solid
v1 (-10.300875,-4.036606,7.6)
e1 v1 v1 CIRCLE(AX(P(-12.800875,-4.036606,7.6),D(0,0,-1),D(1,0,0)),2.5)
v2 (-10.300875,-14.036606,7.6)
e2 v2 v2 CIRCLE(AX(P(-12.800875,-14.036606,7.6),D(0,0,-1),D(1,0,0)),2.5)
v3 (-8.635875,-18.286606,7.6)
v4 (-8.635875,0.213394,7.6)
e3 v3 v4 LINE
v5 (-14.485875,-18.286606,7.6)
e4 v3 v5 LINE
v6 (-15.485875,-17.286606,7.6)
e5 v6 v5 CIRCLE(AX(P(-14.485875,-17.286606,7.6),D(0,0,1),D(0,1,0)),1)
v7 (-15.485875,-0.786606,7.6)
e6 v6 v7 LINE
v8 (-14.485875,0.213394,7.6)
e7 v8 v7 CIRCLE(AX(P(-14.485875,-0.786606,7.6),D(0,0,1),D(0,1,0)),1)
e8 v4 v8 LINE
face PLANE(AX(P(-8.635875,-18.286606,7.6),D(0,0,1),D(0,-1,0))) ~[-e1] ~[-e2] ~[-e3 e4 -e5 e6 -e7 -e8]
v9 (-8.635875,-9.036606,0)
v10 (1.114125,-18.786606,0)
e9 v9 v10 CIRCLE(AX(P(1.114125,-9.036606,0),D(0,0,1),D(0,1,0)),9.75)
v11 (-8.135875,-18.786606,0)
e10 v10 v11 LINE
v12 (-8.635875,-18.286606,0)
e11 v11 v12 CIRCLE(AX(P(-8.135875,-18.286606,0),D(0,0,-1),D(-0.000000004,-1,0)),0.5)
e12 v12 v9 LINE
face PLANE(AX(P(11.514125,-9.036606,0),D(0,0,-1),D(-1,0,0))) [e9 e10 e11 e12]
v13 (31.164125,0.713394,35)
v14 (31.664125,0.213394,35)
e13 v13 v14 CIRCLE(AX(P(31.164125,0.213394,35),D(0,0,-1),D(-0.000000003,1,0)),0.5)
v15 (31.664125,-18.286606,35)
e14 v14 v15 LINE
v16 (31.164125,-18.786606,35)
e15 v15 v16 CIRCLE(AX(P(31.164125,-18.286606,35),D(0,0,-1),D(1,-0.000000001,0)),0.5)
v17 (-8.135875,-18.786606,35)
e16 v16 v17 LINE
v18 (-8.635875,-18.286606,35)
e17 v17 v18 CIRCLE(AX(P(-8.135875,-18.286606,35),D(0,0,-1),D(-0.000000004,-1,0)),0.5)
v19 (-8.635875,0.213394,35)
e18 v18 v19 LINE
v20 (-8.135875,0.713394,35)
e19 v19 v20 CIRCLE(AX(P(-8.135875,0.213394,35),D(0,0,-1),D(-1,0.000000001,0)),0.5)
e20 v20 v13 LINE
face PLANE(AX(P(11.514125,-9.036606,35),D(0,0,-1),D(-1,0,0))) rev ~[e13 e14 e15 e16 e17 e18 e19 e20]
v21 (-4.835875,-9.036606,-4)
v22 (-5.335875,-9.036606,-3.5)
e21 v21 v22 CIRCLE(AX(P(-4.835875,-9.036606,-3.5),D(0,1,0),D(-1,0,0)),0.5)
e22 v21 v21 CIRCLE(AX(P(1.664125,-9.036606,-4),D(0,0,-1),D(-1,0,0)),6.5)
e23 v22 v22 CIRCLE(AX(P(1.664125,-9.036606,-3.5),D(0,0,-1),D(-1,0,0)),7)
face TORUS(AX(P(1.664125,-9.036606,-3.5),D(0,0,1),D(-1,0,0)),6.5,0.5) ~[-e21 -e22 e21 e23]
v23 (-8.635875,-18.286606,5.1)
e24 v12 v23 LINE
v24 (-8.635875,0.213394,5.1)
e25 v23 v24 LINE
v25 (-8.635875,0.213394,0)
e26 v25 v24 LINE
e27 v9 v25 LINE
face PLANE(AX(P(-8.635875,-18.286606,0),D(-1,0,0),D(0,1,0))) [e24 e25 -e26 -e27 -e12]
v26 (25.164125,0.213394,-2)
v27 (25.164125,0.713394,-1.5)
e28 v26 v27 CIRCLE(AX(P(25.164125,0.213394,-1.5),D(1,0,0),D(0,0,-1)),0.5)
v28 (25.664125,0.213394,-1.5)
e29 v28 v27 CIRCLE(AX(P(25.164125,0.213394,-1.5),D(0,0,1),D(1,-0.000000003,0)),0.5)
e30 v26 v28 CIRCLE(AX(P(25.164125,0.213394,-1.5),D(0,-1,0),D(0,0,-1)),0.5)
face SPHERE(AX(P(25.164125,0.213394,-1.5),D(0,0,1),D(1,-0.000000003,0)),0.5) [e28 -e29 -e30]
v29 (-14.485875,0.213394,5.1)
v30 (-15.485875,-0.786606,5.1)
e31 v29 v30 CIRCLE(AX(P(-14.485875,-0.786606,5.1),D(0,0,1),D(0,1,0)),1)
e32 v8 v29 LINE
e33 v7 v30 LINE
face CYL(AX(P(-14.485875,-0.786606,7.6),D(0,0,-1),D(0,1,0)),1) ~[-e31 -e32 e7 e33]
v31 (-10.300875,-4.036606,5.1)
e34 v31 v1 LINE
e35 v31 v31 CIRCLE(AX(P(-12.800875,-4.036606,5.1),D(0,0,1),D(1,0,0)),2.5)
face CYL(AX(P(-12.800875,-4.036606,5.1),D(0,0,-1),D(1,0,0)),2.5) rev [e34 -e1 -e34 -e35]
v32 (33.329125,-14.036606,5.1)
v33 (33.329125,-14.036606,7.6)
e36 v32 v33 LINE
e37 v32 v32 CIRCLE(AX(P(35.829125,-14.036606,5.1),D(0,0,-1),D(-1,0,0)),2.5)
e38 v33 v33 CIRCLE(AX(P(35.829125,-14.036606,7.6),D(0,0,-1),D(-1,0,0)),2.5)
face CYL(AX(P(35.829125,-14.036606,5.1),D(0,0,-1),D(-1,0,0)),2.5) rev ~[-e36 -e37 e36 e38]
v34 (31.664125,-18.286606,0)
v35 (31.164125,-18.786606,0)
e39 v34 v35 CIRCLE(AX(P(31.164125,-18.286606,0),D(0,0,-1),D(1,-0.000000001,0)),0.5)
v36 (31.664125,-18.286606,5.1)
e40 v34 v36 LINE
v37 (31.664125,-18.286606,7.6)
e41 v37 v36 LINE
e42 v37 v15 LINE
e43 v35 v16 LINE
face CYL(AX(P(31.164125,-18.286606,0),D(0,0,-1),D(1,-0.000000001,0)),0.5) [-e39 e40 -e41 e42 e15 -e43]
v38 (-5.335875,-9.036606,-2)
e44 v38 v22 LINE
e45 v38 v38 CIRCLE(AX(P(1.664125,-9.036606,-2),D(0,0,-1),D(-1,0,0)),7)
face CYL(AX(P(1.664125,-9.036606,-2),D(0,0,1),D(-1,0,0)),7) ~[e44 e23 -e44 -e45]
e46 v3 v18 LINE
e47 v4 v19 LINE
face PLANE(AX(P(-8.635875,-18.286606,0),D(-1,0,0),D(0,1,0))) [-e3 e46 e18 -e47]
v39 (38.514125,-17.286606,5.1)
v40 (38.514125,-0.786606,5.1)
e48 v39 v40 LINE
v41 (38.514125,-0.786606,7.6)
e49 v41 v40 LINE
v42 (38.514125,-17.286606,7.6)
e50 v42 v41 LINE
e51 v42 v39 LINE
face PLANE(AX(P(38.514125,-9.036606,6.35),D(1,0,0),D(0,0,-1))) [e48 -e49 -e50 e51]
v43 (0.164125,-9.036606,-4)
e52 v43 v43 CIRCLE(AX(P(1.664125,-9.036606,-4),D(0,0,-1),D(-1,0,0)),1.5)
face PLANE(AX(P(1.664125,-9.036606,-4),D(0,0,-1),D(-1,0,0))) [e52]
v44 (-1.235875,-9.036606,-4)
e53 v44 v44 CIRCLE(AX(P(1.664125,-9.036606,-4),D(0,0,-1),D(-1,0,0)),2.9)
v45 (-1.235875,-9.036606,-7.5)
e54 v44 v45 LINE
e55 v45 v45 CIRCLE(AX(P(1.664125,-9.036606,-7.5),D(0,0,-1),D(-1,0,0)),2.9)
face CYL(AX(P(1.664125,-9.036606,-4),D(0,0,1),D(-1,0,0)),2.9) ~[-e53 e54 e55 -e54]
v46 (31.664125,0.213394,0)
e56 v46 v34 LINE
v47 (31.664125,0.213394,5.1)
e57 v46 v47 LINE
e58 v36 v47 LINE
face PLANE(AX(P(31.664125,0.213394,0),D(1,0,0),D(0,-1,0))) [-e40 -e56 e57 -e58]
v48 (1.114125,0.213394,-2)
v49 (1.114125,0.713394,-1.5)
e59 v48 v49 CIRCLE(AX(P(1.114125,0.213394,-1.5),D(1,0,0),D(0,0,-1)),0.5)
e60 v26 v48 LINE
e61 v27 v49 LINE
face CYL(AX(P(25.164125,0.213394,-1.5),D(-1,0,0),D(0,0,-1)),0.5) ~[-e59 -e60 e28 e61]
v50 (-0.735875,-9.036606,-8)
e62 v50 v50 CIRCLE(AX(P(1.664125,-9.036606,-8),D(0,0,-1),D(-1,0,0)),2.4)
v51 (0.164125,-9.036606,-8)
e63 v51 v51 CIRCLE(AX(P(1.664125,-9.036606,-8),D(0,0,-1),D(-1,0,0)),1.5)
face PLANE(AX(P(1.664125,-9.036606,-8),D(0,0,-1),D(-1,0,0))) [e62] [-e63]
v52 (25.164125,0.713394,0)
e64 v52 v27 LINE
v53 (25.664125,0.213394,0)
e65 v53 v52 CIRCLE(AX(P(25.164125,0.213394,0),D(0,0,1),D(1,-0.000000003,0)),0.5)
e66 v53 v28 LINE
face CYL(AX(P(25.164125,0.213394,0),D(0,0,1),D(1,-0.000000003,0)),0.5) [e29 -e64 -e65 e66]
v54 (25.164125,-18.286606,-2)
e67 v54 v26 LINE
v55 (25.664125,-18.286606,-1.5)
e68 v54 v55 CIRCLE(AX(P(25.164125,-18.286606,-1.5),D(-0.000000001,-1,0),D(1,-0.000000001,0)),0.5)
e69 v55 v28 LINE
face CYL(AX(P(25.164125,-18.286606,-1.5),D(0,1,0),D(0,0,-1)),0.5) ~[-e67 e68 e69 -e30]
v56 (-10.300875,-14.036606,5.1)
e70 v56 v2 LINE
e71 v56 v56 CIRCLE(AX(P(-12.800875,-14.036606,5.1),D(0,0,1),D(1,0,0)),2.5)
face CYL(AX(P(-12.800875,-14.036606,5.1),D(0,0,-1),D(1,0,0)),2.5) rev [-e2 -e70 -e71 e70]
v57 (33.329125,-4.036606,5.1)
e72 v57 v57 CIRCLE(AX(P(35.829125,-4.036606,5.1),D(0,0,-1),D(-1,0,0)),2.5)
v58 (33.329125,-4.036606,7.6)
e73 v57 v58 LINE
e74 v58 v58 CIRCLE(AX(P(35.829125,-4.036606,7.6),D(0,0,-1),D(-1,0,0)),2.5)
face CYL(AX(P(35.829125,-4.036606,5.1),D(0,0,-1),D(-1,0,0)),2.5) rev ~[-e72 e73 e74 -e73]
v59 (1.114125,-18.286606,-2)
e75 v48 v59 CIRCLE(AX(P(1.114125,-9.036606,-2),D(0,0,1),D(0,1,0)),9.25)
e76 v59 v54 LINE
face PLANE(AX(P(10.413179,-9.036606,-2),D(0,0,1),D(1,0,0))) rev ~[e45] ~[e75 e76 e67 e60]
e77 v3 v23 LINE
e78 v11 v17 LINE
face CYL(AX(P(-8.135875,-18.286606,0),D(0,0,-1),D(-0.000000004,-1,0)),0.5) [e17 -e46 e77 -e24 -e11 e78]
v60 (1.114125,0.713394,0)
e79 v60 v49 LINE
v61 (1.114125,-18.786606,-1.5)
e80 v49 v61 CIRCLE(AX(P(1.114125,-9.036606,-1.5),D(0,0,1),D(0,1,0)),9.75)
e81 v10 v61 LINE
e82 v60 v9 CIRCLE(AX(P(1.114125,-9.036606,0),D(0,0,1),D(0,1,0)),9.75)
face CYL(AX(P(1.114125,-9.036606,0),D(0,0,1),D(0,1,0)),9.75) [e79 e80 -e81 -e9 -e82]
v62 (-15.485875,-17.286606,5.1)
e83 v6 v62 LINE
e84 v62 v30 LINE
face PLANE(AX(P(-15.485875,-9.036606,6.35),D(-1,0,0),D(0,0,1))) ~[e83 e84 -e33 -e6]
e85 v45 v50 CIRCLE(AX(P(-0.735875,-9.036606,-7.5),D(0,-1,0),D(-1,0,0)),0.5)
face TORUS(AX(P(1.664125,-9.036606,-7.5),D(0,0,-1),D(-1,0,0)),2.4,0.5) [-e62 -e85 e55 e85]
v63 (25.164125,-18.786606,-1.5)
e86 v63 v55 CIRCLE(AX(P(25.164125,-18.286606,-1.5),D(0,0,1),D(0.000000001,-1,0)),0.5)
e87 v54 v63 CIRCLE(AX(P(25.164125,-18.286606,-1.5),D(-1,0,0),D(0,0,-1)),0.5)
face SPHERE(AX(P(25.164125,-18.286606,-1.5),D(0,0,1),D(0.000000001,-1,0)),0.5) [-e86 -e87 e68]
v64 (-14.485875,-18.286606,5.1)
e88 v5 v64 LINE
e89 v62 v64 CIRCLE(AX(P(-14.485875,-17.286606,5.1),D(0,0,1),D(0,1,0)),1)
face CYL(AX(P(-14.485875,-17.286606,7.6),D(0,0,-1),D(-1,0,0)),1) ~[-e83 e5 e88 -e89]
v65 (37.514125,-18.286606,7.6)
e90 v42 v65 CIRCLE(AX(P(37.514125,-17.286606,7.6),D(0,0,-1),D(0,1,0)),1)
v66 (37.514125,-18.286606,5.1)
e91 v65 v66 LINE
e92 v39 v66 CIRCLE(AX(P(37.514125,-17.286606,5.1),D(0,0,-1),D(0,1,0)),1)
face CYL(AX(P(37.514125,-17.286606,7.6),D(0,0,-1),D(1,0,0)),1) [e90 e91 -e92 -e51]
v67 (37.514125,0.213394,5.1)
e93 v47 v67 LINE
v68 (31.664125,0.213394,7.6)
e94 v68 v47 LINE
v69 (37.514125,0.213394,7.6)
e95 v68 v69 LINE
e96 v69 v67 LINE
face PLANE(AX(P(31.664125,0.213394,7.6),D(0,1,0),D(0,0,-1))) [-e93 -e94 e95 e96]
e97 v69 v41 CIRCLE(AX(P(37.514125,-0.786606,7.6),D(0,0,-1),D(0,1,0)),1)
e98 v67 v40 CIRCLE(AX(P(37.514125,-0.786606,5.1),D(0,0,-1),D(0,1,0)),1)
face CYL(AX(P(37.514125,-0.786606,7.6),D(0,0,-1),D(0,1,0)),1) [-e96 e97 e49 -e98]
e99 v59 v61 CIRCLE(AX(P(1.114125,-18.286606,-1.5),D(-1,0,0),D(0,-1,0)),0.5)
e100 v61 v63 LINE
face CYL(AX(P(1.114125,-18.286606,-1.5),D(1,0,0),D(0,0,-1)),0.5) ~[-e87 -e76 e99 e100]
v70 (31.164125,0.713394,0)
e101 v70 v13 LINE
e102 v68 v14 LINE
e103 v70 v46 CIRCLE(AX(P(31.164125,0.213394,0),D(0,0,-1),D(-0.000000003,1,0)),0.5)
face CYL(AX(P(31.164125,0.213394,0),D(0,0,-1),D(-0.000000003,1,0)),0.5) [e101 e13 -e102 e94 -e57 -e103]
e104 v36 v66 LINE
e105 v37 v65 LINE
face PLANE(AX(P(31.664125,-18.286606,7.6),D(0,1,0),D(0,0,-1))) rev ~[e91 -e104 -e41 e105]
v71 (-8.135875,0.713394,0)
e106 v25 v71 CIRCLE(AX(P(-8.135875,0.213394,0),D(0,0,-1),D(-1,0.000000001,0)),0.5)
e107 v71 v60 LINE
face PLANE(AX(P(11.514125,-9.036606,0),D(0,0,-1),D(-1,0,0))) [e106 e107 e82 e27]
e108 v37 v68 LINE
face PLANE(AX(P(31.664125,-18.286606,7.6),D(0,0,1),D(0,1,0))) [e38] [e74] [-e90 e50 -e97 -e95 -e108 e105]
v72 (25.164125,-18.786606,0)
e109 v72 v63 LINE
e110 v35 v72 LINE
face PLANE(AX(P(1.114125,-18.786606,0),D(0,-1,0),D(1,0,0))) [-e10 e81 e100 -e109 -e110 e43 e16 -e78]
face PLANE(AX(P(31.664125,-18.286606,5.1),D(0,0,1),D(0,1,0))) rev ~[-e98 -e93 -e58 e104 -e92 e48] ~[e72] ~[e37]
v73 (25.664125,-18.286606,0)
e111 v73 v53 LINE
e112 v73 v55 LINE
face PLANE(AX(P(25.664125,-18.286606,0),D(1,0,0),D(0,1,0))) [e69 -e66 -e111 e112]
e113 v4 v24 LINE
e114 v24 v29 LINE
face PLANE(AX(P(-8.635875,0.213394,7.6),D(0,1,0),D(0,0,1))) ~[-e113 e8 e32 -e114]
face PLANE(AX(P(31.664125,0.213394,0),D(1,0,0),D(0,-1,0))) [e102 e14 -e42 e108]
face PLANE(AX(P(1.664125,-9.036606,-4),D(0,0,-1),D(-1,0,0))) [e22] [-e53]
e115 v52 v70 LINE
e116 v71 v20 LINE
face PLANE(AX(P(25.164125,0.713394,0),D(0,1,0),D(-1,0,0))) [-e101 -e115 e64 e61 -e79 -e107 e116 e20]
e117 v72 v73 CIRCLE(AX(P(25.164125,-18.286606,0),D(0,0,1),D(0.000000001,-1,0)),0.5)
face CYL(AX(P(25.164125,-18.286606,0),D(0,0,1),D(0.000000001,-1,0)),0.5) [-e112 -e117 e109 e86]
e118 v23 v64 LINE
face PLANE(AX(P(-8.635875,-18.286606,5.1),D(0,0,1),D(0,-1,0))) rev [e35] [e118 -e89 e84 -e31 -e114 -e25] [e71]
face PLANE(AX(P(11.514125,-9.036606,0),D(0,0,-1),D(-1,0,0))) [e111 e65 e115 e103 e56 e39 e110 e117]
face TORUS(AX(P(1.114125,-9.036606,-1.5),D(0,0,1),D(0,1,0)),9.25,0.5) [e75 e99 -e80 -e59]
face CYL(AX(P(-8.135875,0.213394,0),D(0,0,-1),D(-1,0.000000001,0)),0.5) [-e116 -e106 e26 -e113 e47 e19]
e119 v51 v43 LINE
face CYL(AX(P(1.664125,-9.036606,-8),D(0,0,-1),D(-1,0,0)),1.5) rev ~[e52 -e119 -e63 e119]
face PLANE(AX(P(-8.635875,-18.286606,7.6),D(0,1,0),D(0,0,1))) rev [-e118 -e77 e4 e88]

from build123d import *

# Parameters (mm, degrees)
EXTRUDE_1_DEPTH     = 35
EXTRUDE_2_DEPTH     = 2
SKETCH_10_R         = 7
EXTRUDE_6_DEPTH     = 2
SKETCH_15_R         = 2.9
EXTRUDE_7_DEPTH     = 4
SKETCH_16_R         = 1.5
CUT_EXTRUDE_1_DEPTH = 4
SKETCH_17_W         = 2.5
SKETCH_17_H         = 18.5
EXTRUDE_9_DEPTH     = 6.85
SKETCH_19_R         = 2.5
CUT_EXTRUDE_2_DEPTH = 30.9
FILLET_1_R          = 1
FILLET_2_R          = 1
FILLET_3_R          = 1
FILLET_4_R          = 1
FILLET_5_R          = 0.5
FILLET_6_R          = 0.5
FILLET_7_R          = 0.5


with BuildPart() as part:
    # 草图1 → 凸台-拉伸1 (new body)
    with BuildSketch(Plane.XY):
        with BuildLine():
            Line((-8.135874765, 0.713393676), (31.164125235, 0.713393676))
            ThreePointArc((31.164125235, 0.713393676), (31.517678626, 0.566947067), (31.664125235, 0.213393676))
            Line((31.664125235, 0.213393676), (31.664125235, -18.286606324))
            ThreePointArc((31.664125235, -18.286606324), (31.517678626, -18.640159714), (31.164125235, -18.786606324))
            Line((31.164125235, -18.786606324), (-8.135874765, -18.786606324))
            ThreePointArc((-8.135874765, -18.786606324), (-8.489428155, -18.640159714), (-8.635874765, -18.286606324))
            Line((-8.635874765, -18.286606324), (-8.635874765, 0.213393676))
            ThreePointArc((-8.635874765, 0.213393676), (-8.489428155, 0.566947067), (-8.135874765, 0.713393676))
        make_face()
    extrude(amount=EXTRUDE_1_DEPTH)

    # 草图2 → 凸台-拉伸2 (add)
    with BuildSketch(Plane(origin=(0, 0, 0), x_dir=(-1, 0, 0), z_dir=(0, 0, -1))):
        with BuildLine():
            Line((-25.664125235, -18.286606324), (-25.664125235, 0.213393676))
            ThreePointArc((-25.664125235, 0.213393676), (-25.517678626, 0.566947067), (-25.164125235, 0.713393676))
            Line((-25.164125235, 0.713393676), (-1.114125235, 0.713393676))
            ThreePointArc((-1.114125235, 0.713393676), (8.635874765, -9.036606324), (-1.114125235, -18.786606324))
            Line((-1.114125235, -18.786606324), (-25.164125235, -18.786606324))
            ThreePointArc((-25.164125235, -18.786606324), (-25.517678626, -18.640159714), (-25.664125235, -18.286606324))
        make_face()
    extrude(amount=EXTRUDE_2_DEPTH)

    # 草图10 → 凸台-拉伸6 (add)
    with BuildSketch(Plane(origin=(0, 0, -2), x_dir=(-1, 0, 0), z_dir=(0, 0, -1))):
        with Locations((-1.664125235, -9.036606324)):
            Circle(SKETCH_10_R)
    extrude(amount=EXTRUDE_6_DEPTH)

    # 草图15 → 凸台-拉伸7 (add)
    with BuildSketch(Plane(origin=(0, 0, -4), x_dir=(-1, 0, 0), z_dir=(0, 0, -1))):
        with Locations((-1.664125235, -9.036606324)):
            Circle(SKETCH_15_R)
    extrude(amount=EXTRUDE_7_DEPTH)

    # 草图16 → 切除-拉伸1 (cut)
    with BuildSketch(Plane(origin=(0, 0, -8), x_dir=(-1, 0, 0), z_dir=(0, 0, -1))):
        with Locations((-1.664125235, -9.036606324)):
            Circle(SKETCH_16_R)
    extrude(amount=-CUT_EXTRUDE_1_DEPTH, mode=Mode.SUBTRACT)

    # 草图17 → 凸台-拉伸9 (add)
    with BuildSketch(Plane(origin=(31.664125235, 0, 0), x_dir=(0, 0, -1), z_dir=(1, 0, 0))):
        with Locations((-6.35, -9.036606324)):
            Rectangle(SKETCH_17_W, SKETCH_17_H)
    extrude_9 = extrude(amount=EXTRUDE_9_DEPTH)

    # 草图19 → 切除-拉伸2 (cut, through all)
    with BuildSketch(Plane(origin=(0, 0, 5.1), x_dir=(-1, 0, 0), z_dir=(0, 0, -1))):
        with Locations((-35.829125235, -4.036606324)):
            Circle(SKETCH_19_R)
        with Locations((-35.829125235, -14.036606324)):
            Circle(SKETCH_19_R)
    cut_extrude_2 = extrude(amount=-CUT_EXTRUDE_2_DEPTH, mode=Mode.SUBTRACT)

    # 镜向3: 凸台-拉伸9, 切除-拉伸2 across plane
    add(extrude_9.mirror(Plane.ZY.offset(-11.514125235)))
    add(cut_extrude_2.mirror(Plane.ZY.offset(-11.514125235)), mode=Mode.SUBTRACT)

    # 圆角1
    fillet_1_edges = [part.edges().sort_by_distance(p)[0] for p in [
        (38.514125235, 0.213393676, 6.35),
    ]]
    fillet(fillet_1_edges, radius=FILLET_1_R)

    # 圆角2
    fillet_2_edges = [part.edges().sort_by_distance(p)[0] for p in [
        (38.514125235, -18.286606324, 6.35),
    ]]
    fillet(fillet_2_edges, radius=FILLET_2_R)

    # 圆角3
    fillet_3_edges = [part.edges().sort_by_distance(p)[0] for p in [
        (-15.485874765, 0.213393676, 6.35),
    ]]
    fillet(fillet_3_edges, radius=FILLET_3_R)

    # 圆角4
    fillet_4_edges = [part.edges().sort_by_distance(p)[0] for p in [
        (-15.485874765, -18.286606324, 6.35),
    ]]
    fillet(fillet_4_edges, radius=FILLET_4_R)

    # 圆角5
    fillet_5_edges = [part.edges().sort_by_distance(p)[0] for p in [
        (4.564125235, -9.036606324, -8),
    ]]
    fillet(fillet_5_edges, radius=FILLET_5_R)

    # 圆角6
    fillet_6_edges = [part.edges().sort_by_distance(p)[0] for p in [
        (8.664125235, -9.036606324, -4),
    ]]
    fillet(fillet_6_edges, radius=FILLET_6_R)

    # 圆角7
    fillet_7_edges = [part.edges().sort_by_distance(p)[0] for p in [
        (13.139125235, 0.713393676, -2),
        (25.664125235, -9.036606324, -2),
        (13.139125235, -18.786606324, -2),
        (-8.635874765, -9.036606324, -2),
    ]]
    fillet(fillet_7_edges, radius=FILLET_7_R)


solid = part.part
